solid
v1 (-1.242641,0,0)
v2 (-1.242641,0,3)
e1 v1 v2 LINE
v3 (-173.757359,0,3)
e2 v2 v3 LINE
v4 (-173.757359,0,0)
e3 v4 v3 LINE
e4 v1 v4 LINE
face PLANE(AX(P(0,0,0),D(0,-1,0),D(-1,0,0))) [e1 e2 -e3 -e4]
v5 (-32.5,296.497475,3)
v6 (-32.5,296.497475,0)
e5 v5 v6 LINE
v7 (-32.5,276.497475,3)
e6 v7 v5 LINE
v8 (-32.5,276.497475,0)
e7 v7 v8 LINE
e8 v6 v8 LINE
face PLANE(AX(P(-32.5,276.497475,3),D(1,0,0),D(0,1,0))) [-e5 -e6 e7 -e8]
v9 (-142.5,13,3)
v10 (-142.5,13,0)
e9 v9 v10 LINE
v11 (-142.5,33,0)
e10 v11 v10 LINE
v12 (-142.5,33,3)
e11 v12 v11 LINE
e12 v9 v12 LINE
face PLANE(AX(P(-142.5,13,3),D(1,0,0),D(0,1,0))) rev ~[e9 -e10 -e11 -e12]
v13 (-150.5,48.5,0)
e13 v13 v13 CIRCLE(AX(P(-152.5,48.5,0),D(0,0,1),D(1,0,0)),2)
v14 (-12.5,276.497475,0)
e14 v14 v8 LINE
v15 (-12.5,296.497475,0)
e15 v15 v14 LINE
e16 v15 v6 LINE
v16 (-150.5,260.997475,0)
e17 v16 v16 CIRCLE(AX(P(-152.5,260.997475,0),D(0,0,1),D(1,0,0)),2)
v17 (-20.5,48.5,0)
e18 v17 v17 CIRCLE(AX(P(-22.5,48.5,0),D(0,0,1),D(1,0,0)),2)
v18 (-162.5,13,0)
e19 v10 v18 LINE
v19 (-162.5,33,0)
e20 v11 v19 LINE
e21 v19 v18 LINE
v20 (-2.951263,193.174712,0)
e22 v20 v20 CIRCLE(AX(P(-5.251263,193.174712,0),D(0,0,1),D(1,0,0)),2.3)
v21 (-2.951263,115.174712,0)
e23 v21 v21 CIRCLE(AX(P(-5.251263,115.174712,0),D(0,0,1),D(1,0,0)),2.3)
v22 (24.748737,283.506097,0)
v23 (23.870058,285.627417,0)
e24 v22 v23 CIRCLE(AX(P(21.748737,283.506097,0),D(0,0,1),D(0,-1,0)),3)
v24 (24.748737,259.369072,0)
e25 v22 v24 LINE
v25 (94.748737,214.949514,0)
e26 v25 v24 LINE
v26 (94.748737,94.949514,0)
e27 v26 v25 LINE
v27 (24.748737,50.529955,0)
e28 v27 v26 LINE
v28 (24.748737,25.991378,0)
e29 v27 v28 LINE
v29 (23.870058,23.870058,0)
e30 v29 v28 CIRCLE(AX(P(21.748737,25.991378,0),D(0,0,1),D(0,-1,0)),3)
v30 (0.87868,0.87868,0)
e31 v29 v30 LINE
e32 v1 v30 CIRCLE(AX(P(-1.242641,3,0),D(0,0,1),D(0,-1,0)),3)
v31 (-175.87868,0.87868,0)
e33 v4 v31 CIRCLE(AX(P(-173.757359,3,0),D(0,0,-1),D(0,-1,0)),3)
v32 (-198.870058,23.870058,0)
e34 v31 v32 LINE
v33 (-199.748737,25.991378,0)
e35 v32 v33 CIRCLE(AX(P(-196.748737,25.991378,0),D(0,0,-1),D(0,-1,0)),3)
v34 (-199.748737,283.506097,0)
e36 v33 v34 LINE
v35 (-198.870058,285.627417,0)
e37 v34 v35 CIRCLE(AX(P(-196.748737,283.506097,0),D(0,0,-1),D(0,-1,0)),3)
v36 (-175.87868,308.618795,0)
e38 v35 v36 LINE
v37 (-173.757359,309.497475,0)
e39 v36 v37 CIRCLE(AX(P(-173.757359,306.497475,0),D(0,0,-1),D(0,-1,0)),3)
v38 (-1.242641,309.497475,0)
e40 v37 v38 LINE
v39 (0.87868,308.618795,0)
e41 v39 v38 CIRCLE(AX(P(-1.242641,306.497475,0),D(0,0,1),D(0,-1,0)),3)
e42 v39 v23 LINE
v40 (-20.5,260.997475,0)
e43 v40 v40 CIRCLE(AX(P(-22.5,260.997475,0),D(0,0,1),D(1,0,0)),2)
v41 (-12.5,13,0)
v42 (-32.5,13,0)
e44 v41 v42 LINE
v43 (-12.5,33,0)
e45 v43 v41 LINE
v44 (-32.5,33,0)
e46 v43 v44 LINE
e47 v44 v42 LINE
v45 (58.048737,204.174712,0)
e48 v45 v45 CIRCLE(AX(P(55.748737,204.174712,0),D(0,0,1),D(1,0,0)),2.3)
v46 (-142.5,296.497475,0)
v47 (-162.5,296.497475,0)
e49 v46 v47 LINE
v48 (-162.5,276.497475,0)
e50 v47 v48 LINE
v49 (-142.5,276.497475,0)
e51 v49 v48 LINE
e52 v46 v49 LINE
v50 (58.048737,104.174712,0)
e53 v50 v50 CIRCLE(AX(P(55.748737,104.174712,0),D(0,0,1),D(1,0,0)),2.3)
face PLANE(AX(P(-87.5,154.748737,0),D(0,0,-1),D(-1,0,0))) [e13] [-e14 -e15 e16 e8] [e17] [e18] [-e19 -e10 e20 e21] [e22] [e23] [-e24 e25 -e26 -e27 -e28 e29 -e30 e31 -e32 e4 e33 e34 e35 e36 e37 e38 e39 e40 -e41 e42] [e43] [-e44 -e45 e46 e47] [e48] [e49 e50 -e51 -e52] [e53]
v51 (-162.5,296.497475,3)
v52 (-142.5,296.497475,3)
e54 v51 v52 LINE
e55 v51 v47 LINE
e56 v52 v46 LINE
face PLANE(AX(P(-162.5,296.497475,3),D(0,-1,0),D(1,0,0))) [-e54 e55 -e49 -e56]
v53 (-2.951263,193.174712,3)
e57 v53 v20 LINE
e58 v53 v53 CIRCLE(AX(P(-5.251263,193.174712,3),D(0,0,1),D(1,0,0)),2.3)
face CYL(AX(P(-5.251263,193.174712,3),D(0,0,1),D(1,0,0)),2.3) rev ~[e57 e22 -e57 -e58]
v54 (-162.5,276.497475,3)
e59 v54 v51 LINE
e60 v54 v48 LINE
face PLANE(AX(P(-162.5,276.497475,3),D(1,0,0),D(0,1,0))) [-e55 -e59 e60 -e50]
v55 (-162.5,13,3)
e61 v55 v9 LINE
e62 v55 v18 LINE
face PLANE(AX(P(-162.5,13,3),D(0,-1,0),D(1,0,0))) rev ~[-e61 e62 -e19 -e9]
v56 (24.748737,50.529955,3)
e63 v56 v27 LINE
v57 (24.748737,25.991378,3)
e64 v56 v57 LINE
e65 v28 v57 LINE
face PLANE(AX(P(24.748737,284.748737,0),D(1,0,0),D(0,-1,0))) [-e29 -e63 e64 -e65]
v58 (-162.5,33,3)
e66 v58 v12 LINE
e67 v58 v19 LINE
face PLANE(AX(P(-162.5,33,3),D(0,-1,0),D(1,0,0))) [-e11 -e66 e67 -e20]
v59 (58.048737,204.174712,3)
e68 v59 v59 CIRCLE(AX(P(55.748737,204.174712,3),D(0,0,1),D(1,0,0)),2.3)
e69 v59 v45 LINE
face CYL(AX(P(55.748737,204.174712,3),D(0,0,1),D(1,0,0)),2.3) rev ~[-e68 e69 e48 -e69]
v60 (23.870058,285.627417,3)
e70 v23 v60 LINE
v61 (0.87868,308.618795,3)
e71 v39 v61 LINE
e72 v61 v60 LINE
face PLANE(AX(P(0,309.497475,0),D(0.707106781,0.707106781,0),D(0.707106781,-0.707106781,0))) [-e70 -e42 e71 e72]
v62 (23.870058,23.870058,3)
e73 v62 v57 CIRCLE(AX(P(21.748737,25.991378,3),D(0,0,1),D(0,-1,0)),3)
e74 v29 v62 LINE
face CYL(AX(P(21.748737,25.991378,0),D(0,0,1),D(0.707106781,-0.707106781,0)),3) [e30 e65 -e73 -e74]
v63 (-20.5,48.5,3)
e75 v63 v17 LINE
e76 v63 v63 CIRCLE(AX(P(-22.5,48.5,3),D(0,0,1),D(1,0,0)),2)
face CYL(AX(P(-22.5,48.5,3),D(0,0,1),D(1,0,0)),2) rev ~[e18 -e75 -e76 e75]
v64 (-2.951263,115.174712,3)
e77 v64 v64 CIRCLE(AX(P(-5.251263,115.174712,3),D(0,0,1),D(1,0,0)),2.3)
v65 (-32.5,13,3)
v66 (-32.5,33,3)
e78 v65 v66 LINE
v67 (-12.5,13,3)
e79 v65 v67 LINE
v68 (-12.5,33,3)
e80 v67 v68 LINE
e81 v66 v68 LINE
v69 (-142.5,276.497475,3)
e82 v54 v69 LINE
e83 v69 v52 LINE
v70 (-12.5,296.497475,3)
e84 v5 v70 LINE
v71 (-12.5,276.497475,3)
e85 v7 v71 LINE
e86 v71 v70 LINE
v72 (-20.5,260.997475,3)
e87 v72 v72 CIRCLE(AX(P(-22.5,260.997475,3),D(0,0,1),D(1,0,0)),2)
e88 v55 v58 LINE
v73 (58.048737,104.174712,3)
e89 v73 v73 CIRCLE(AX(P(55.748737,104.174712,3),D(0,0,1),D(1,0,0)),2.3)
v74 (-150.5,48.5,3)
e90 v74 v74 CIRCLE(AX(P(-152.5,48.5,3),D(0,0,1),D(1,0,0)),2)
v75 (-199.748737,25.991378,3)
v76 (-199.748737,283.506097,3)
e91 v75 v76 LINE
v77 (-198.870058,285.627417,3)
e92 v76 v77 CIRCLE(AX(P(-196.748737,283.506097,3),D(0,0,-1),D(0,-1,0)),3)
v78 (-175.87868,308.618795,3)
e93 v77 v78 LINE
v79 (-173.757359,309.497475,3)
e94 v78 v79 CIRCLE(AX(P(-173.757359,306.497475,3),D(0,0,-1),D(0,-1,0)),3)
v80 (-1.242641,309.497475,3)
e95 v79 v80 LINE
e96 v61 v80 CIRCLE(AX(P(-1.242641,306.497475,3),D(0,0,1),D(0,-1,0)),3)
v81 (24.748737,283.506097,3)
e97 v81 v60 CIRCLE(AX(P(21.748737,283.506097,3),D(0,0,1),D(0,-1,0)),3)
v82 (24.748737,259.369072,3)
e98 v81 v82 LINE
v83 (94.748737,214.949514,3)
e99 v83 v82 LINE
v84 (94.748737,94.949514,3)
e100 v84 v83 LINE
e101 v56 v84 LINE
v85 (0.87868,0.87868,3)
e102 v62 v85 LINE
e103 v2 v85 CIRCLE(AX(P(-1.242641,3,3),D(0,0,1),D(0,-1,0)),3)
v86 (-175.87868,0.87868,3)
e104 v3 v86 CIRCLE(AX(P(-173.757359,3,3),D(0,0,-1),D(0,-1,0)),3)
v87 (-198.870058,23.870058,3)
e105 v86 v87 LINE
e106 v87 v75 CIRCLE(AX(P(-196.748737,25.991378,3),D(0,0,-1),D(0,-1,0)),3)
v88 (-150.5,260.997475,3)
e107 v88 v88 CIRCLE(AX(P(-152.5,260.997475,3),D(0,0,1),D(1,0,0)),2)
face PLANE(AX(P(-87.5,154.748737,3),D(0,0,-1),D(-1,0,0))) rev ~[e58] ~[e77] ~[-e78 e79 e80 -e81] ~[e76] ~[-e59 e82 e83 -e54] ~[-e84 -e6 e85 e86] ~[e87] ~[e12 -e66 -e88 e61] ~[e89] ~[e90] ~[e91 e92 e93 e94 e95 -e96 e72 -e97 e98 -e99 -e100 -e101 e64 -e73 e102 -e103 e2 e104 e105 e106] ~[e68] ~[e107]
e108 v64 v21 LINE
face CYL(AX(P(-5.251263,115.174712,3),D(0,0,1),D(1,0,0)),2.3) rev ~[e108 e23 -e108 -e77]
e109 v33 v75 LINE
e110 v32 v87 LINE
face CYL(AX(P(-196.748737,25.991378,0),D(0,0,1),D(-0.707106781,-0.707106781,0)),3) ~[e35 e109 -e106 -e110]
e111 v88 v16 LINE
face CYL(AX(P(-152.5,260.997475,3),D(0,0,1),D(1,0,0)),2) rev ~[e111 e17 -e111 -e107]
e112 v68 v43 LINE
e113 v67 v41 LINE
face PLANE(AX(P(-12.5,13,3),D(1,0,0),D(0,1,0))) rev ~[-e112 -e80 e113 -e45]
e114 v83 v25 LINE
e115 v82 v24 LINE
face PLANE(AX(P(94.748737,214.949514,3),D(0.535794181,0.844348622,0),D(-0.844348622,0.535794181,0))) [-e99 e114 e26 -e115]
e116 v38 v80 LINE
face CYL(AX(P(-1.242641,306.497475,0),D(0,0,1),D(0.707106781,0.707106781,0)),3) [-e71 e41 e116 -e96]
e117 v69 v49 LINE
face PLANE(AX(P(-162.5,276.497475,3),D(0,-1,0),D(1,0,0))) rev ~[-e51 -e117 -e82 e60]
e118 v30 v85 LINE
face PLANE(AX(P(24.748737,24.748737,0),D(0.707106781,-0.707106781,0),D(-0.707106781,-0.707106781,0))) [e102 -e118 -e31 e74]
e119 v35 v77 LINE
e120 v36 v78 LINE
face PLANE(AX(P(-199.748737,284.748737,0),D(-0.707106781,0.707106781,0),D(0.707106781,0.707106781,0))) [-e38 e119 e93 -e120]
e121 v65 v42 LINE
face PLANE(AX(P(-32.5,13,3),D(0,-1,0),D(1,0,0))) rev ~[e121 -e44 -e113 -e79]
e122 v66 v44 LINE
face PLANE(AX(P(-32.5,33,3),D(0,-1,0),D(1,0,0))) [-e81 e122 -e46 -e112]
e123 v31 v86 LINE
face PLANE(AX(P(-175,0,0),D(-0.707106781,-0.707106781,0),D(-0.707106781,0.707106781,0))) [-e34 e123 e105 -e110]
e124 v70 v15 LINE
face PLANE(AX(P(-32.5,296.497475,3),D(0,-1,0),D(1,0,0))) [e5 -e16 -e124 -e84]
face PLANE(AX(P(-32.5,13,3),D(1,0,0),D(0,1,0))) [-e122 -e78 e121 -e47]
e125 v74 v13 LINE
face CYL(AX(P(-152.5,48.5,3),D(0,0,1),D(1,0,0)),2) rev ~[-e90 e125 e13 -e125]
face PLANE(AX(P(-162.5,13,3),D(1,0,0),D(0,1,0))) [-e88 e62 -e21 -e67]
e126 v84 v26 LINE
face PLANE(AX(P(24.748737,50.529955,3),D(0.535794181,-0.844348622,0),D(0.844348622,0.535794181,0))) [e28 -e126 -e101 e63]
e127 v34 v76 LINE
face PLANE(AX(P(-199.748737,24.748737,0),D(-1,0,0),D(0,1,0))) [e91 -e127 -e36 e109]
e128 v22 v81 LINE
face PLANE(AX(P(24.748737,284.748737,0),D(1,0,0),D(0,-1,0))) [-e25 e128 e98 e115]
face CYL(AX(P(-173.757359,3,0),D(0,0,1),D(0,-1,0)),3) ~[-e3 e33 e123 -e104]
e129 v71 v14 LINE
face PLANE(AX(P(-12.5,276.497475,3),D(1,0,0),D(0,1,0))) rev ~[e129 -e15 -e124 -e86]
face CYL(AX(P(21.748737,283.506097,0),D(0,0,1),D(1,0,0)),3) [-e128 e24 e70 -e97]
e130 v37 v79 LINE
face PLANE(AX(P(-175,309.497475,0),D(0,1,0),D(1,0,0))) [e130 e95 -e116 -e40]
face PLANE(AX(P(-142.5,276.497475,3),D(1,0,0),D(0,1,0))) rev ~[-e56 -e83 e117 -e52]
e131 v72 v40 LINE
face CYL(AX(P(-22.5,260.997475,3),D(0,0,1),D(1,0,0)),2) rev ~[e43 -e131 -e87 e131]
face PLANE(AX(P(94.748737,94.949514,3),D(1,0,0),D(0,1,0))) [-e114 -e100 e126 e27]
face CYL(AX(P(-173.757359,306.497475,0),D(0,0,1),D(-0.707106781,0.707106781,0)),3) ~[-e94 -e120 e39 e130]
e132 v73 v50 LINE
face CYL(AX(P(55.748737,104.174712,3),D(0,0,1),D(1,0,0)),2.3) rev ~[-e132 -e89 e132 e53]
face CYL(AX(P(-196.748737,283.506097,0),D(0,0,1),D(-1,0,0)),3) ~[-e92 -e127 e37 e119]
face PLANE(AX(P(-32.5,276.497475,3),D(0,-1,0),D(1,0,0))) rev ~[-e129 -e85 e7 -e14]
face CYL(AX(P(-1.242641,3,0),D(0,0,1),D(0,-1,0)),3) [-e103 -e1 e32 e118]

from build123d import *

# Parameters (mm, degrees)
BASE_DEPTH              = 3
ESQUISSE2_W             = 20
ESQUISSE2_H             = 20
ENL_V_MAT_EXTRU_1_DEPTH = 4
ESQUISSE4_R             = 2
ENL_V_MAT_EXTRU_4_DEPTH = 3
CONG_1_R                = 3
BOSS_EXTRU_2_DEPTH      = 3
ESQUISSE3_R             = 2.3
TROUS_LIDAR_DEPTH       = 10


with BuildPart() as part:
    # Esquisse1 → Base (new body)
    with BuildSketch(Plane.XY):
        Polygon((0, 0), (-175, 0), (-199.748737342, 24.748737342), (-199.748737342, 284.748737342), (-175, 309.497474683), (0, 309.497474683), (24.748737342, 284.748737342), (24.748737342, 24.748737342), align=None)
    extrude(amount=BASE_DEPTH)

    # Esquisse2 → Enlèv. mat.-Extru.1 (cut, through all)
    with BuildSketch(Plane.XY.offset(3)):
        with Locations((-152.5, 286.497474683)):
            Rectangle(ESQUISSE2_W, ESQUISSE2_H)
        with Locations((-152.5, 23)):
            Rectangle(ESQUISSE2_W, ESQUISSE2_H)
        with Locations((-22.5, 23)):
            Rectangle(ESQUISSE2_W, ESQUISSE2_H)
        with Locations((-22.5, 286.497474683)):
            Rectangle(ESQUISSE2_W, ESQUISSE2_H)
    extrude(amount=-ENL_V_MAT_EXTRU_1_DEPTH, mode=Mode.SUBTRACT)

    # Esquisse4 → Enlèv. mat.-Extru.4 (cut)
    with BuildSketch(Plane.XY.offset(3)):
        with Locations((-152.5, 260.997474683)):
            Circle(ESQUISSE4_R)
        with Locations((-152.5, 48.5)):
            Circle(ESQUISSE4_R)
        with Locations((-22.5, 260.997474683)):
            Circle(ESQUISSE4_R)
        with Locations((-22.5, 48.5)):
            Circle(ESQUISSE4_R)
    extrude(amount=-ENL_V_MAT_EXTRU_4_DEPTH, mode=Mode.SUBTRACT)

    # Congé1
    cong_1_edges = [part.edges().sort_by_distance(p)[0] for p in [
        (0, 0, 1.5),
        (-175, 0, 1.5),
        (-199.748737342, 24.748737342, 1.5),
        (-199.748737342, 284.748737342, 1.5),
        (-175, 309.497474683, 1.5),
        (0, 309.497474683, 1.5),
        (24.748737342, 284.748737342, 1.5),
        (24.748737342, 24.748737342, 1.5),
    ]]
    fillet(cong_1_edges, radius=CONG_1_R)

    # Esquisse6 → Boss.-Extru.2 (add)
    with BuildSketch(Plane.XY.offset(3)):
        Polygon((24.748737342, 214.949513542), (24.748737342, 94.547961141), (24.748737342, 50.529955402), (94.748737342, 94.949513542), (94.748737342, 214.949513542), (24.748737342, 259.369071682), align=None)
    extrude(amount=-BOSS_EXTRU_2_DEPTH)

    # Esquisse3 → trous lidar (cut)
    with BuildSketch(Plane.XY.offset(3)):
        with Locations((-5.251262658, 193.174712193)):
            Circle(ESQUISSE3_R)
        with Locations((55.748737342, 204.174712193)):
            Circle(ESQUISSE3_R)
        with Locations((-5.251262658, 115.174712193)):
            Circle(ESQUISSE3_R)
        with Locations((55.748737342, 104.174712193)):
            Circle(ESQUISSE3_R)
    extrude(amount=-TROUS_LIDAR_DEPTH, mode=Mode.SUBTRACT)


solid = part.part
